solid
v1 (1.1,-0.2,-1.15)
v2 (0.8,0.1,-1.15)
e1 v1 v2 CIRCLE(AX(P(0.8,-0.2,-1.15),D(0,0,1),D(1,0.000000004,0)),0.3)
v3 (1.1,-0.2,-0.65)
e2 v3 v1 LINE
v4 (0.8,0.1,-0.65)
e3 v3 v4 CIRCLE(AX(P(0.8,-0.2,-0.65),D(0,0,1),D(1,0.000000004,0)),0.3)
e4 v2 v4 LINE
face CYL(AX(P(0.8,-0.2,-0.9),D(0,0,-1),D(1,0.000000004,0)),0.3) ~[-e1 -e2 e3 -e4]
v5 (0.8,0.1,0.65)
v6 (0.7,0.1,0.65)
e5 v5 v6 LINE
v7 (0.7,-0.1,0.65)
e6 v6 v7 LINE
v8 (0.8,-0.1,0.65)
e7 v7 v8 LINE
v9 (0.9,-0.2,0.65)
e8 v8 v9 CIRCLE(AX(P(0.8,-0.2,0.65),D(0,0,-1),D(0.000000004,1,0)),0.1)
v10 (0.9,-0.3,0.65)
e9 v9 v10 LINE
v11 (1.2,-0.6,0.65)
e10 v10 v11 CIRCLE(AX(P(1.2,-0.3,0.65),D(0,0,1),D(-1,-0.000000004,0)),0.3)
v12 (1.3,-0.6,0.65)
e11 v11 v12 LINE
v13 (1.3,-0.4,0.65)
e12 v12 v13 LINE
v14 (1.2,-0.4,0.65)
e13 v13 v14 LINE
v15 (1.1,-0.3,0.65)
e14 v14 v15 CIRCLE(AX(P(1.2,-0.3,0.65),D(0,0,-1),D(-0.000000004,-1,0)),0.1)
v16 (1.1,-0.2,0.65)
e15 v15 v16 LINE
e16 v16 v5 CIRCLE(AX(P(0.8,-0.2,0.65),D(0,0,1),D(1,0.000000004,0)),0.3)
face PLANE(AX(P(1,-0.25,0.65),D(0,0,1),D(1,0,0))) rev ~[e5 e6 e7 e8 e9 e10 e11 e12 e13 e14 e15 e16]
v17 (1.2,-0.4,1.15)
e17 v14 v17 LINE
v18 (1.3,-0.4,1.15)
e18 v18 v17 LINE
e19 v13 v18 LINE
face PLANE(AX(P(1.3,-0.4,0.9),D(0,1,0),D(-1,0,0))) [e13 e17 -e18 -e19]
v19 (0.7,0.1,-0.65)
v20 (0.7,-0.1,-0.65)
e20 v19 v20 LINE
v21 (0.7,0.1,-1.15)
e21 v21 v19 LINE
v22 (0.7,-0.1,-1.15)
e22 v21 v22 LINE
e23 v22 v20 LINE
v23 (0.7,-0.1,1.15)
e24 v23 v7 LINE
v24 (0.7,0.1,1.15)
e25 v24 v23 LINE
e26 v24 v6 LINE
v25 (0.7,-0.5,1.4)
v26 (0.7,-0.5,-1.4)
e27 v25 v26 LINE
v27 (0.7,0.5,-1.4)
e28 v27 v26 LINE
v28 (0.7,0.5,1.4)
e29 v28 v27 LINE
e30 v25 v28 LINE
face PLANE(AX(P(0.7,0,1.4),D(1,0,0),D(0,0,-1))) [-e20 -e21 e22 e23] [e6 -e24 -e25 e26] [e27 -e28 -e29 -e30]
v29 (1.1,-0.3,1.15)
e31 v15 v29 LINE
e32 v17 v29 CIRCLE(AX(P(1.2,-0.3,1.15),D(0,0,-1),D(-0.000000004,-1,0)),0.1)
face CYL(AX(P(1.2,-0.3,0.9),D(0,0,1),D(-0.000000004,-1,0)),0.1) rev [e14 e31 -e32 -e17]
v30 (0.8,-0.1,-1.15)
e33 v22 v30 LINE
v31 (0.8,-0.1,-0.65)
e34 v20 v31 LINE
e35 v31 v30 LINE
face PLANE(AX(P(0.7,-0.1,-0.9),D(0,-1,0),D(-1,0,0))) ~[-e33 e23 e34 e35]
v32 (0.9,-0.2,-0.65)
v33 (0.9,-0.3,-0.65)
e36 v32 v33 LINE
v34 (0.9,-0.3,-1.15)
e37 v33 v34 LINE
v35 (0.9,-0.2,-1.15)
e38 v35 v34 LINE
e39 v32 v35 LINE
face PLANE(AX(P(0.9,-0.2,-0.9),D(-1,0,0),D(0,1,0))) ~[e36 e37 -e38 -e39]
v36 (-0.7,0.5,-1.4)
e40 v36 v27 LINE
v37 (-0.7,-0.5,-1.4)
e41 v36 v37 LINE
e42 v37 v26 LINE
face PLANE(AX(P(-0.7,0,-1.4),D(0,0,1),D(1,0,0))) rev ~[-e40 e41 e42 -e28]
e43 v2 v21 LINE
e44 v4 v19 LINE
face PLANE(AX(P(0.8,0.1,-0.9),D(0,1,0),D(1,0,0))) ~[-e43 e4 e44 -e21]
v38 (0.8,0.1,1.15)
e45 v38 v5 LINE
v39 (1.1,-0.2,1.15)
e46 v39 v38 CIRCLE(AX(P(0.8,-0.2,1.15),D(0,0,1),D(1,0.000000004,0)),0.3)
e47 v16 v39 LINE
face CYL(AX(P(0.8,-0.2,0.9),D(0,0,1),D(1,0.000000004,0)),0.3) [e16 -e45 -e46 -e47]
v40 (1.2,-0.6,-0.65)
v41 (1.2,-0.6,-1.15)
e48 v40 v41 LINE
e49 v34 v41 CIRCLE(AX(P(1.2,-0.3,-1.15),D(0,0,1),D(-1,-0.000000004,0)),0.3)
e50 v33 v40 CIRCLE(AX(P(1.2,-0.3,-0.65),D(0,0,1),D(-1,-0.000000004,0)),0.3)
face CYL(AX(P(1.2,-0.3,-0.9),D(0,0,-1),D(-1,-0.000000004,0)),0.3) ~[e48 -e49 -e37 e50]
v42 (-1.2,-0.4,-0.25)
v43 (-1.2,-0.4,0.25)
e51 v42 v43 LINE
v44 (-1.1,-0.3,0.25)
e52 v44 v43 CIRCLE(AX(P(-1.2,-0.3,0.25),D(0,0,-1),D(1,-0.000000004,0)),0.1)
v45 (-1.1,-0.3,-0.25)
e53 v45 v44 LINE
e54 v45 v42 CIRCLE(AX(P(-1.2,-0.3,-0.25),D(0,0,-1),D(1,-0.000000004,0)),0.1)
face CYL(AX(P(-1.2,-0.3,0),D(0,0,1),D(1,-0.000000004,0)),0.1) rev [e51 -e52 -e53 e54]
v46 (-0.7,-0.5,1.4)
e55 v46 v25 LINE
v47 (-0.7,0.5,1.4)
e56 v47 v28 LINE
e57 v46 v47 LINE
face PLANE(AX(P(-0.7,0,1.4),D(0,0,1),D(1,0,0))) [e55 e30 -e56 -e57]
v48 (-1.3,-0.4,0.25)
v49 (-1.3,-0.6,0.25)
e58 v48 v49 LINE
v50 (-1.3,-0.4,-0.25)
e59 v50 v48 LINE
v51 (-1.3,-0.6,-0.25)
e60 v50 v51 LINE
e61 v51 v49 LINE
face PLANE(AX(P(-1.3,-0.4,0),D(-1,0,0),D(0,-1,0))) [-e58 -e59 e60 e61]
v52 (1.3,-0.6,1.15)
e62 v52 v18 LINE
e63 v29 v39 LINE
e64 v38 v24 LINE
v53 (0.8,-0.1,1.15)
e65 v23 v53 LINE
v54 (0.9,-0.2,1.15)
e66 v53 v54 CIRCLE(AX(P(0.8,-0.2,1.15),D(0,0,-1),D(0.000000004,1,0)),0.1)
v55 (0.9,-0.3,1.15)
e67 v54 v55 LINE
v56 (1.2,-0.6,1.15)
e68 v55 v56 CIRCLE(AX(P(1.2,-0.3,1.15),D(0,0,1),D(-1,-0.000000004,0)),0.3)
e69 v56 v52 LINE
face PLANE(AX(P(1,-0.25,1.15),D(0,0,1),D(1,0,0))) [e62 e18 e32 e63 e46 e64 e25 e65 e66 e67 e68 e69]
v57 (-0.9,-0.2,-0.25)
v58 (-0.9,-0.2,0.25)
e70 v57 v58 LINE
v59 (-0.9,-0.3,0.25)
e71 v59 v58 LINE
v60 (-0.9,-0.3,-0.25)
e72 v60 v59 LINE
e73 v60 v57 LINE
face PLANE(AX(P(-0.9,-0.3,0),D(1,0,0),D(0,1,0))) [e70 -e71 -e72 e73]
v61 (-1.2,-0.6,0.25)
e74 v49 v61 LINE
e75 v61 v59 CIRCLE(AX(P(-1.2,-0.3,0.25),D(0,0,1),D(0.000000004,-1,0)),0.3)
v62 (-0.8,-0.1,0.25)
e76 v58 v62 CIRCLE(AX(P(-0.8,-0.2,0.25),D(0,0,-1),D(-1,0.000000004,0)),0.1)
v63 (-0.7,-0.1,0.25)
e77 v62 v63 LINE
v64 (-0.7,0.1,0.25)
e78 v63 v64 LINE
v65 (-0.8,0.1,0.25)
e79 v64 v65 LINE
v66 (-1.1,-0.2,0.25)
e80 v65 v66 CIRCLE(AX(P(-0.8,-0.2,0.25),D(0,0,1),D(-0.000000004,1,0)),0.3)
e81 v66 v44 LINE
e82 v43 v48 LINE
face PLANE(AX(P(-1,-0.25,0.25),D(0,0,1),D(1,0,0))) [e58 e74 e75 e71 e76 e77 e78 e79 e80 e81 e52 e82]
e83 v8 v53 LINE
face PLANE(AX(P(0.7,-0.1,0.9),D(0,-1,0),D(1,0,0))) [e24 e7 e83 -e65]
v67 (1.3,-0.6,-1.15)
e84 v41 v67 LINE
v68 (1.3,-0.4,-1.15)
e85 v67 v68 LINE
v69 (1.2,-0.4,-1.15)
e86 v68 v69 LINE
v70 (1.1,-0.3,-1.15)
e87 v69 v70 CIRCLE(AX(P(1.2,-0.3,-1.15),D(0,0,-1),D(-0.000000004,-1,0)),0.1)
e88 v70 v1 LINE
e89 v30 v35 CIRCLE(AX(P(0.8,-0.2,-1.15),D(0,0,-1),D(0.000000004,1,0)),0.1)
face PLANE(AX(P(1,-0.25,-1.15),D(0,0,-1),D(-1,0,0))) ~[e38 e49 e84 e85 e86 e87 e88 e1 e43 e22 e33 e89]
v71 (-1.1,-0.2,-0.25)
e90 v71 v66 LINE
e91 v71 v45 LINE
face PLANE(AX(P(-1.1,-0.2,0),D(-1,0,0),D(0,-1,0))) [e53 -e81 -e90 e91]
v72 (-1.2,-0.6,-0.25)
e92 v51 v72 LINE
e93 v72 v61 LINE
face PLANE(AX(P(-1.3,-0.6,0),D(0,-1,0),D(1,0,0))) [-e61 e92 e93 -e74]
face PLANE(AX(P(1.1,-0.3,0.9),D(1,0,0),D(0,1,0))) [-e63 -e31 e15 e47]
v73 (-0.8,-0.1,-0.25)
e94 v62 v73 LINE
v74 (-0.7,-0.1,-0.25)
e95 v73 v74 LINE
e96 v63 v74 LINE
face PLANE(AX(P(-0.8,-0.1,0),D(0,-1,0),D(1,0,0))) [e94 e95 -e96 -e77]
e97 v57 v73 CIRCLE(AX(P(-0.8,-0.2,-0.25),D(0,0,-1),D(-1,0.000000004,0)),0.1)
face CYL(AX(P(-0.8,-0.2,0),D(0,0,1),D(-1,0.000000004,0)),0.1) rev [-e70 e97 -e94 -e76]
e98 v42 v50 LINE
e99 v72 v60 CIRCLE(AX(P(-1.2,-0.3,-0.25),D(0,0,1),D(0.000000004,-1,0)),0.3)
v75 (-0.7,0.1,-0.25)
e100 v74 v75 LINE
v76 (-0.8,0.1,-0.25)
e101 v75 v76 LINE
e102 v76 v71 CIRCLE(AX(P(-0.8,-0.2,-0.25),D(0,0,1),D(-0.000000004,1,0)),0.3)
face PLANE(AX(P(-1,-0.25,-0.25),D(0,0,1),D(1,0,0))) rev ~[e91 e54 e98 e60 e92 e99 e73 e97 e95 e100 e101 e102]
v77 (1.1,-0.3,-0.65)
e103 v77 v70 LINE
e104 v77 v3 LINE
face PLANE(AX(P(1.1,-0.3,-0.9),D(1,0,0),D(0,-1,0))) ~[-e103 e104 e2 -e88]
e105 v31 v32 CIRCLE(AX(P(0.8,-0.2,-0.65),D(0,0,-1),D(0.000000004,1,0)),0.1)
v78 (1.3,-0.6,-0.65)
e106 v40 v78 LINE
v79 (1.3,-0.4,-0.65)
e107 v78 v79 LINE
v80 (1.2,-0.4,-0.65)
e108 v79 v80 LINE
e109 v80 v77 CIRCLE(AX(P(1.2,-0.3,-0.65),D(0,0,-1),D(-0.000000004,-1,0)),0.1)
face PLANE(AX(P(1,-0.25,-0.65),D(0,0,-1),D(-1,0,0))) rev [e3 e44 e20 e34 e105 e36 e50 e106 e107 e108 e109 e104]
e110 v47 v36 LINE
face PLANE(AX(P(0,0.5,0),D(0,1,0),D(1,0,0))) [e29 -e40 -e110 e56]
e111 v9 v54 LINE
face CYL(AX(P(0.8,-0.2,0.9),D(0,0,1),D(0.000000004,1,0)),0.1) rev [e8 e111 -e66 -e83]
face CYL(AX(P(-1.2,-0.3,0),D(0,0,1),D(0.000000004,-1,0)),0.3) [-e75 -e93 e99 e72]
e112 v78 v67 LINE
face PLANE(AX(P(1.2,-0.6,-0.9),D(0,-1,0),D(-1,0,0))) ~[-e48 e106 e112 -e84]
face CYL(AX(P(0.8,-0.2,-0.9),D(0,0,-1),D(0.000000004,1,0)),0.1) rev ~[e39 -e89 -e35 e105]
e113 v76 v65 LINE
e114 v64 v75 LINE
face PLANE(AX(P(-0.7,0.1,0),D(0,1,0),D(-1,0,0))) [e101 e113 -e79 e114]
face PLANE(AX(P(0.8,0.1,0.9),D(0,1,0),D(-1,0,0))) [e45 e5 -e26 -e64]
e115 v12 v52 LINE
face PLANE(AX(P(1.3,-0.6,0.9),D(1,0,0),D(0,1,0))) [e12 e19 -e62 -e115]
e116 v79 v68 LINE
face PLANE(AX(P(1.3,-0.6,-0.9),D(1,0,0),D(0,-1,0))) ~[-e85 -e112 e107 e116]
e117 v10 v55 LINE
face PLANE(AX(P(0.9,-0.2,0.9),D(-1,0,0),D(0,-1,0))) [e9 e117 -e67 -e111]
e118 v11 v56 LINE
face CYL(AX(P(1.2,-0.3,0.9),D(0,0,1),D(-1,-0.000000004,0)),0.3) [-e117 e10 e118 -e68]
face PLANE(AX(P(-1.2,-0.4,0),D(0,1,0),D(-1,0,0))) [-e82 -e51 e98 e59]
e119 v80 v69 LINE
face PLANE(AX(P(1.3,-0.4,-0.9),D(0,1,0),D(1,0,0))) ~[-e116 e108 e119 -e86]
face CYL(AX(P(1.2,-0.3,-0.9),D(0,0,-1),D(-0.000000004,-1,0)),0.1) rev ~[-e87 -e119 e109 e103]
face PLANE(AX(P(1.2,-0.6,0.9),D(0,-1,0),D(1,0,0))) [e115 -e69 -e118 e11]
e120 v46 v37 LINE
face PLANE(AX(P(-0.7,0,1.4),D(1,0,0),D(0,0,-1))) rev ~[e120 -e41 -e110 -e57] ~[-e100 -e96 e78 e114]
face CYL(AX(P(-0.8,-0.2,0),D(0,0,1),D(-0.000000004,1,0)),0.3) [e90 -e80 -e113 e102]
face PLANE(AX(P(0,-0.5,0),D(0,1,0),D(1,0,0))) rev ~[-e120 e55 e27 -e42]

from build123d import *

# Parameters (mm, degrees)
BASES_W    = 1.4
BASES_H    = 2.8
BASE_DEPTH = 0.5
LEG1_DEPTH = 0.25
LEG2_DEPTH = 0.25


with BuildPart() as part:
    # BaseS → Base (new body, symmetric)
    with BuildSketch(Plane(origin=(0, 0, 0), x_dir=(1, 0, 0), z_dir=(0, 1, 0))):
        Rectangle(BASES_W, BASES_H)
    extrude(amount=BASE_DEPTH, both=True)

    # Leg1S → Leg1 (add, symmetric)
    with BuildSketch(Plane.XY):
        with BuildLine():
            Line((-0.7, 0.1), (-0.8, 0.1))
            ThreePointArc((-0.8, 0.1), (-1.012132034, 0.012132034), (-1.1, -0.2))
            Line((-1.1, -0.2), (-1.1, -0.3))
            ThreePointArc((-1.1, -0.3), (-1.129289322, -0.370710678), (-1.2, -0.4))
            Line((-1.2, -0.4), (-1.3, -0.4))
            Line((-1.3, -0.4), (-1.3, -0.6))
            Line((-1.3, -0.6), (-1.2, -0.6))
            ThreePointArc((-1.2, -0.6), (-0.987867966, -0.512132034), (-0.9, -0.3))
            Line((-0.9, -0.3), (-0.9, -0.2))
            ThreePointArc((-0.9, -0.2), (-0.870710678, -0.129289322), (-0.8, -0.1))
            Line((-0.8, -0.1), (-0.7, -0.1))
            Line((-0.7, -0.1), (-0.7, 0.1))
        make_face()
    extrude(amount=LEG1_DEPTH, both=True)

    # Leg2S → Leg2 (add, symmetric)
    with BuildSketch(Plane.XY.offset(0.9)):
        with BuildLine():
            Line((0.7, -0.1), (0.8, -0.1))
            ThreePointArc((0.8, -0.1), (0.870710678, -0.129289322), (0.9, -0.2))
            Line((0.9, -0.2), (0.9, -0.3))
            ThreePointArc((0.9, -0.3), (0.987867966, -0.512132034), (1.2, -0.6))
            Line((1.2, -0.6), (1.3, -0.6))
            Line((1.3, -0.6), (1.3, -0.4))
            Line((1.3, -0.4), (1.2, -0.4))
            ThreePointArc((1.2, -0.4), (1.129289322, -0.370710678), (1.1, -0.3))
            Line((1.1, -0.3), (1.1, -0.2))
            ThreePointArc((1.1, -0.2), (1.012132034, 0.012132034), (0.8, 0.1))
            Line((0.8, 0.1), (0.7, 0.1))
            Line((0.7, 0.1), (0.7, -0.1))
        make_face()
    leg2 = extrude(amount=LEG2_DEPTH, both=True)

    # Leg2M: Leg2 across plane
    add(leg2.mirror(Plane.XY))


solid = part.part
